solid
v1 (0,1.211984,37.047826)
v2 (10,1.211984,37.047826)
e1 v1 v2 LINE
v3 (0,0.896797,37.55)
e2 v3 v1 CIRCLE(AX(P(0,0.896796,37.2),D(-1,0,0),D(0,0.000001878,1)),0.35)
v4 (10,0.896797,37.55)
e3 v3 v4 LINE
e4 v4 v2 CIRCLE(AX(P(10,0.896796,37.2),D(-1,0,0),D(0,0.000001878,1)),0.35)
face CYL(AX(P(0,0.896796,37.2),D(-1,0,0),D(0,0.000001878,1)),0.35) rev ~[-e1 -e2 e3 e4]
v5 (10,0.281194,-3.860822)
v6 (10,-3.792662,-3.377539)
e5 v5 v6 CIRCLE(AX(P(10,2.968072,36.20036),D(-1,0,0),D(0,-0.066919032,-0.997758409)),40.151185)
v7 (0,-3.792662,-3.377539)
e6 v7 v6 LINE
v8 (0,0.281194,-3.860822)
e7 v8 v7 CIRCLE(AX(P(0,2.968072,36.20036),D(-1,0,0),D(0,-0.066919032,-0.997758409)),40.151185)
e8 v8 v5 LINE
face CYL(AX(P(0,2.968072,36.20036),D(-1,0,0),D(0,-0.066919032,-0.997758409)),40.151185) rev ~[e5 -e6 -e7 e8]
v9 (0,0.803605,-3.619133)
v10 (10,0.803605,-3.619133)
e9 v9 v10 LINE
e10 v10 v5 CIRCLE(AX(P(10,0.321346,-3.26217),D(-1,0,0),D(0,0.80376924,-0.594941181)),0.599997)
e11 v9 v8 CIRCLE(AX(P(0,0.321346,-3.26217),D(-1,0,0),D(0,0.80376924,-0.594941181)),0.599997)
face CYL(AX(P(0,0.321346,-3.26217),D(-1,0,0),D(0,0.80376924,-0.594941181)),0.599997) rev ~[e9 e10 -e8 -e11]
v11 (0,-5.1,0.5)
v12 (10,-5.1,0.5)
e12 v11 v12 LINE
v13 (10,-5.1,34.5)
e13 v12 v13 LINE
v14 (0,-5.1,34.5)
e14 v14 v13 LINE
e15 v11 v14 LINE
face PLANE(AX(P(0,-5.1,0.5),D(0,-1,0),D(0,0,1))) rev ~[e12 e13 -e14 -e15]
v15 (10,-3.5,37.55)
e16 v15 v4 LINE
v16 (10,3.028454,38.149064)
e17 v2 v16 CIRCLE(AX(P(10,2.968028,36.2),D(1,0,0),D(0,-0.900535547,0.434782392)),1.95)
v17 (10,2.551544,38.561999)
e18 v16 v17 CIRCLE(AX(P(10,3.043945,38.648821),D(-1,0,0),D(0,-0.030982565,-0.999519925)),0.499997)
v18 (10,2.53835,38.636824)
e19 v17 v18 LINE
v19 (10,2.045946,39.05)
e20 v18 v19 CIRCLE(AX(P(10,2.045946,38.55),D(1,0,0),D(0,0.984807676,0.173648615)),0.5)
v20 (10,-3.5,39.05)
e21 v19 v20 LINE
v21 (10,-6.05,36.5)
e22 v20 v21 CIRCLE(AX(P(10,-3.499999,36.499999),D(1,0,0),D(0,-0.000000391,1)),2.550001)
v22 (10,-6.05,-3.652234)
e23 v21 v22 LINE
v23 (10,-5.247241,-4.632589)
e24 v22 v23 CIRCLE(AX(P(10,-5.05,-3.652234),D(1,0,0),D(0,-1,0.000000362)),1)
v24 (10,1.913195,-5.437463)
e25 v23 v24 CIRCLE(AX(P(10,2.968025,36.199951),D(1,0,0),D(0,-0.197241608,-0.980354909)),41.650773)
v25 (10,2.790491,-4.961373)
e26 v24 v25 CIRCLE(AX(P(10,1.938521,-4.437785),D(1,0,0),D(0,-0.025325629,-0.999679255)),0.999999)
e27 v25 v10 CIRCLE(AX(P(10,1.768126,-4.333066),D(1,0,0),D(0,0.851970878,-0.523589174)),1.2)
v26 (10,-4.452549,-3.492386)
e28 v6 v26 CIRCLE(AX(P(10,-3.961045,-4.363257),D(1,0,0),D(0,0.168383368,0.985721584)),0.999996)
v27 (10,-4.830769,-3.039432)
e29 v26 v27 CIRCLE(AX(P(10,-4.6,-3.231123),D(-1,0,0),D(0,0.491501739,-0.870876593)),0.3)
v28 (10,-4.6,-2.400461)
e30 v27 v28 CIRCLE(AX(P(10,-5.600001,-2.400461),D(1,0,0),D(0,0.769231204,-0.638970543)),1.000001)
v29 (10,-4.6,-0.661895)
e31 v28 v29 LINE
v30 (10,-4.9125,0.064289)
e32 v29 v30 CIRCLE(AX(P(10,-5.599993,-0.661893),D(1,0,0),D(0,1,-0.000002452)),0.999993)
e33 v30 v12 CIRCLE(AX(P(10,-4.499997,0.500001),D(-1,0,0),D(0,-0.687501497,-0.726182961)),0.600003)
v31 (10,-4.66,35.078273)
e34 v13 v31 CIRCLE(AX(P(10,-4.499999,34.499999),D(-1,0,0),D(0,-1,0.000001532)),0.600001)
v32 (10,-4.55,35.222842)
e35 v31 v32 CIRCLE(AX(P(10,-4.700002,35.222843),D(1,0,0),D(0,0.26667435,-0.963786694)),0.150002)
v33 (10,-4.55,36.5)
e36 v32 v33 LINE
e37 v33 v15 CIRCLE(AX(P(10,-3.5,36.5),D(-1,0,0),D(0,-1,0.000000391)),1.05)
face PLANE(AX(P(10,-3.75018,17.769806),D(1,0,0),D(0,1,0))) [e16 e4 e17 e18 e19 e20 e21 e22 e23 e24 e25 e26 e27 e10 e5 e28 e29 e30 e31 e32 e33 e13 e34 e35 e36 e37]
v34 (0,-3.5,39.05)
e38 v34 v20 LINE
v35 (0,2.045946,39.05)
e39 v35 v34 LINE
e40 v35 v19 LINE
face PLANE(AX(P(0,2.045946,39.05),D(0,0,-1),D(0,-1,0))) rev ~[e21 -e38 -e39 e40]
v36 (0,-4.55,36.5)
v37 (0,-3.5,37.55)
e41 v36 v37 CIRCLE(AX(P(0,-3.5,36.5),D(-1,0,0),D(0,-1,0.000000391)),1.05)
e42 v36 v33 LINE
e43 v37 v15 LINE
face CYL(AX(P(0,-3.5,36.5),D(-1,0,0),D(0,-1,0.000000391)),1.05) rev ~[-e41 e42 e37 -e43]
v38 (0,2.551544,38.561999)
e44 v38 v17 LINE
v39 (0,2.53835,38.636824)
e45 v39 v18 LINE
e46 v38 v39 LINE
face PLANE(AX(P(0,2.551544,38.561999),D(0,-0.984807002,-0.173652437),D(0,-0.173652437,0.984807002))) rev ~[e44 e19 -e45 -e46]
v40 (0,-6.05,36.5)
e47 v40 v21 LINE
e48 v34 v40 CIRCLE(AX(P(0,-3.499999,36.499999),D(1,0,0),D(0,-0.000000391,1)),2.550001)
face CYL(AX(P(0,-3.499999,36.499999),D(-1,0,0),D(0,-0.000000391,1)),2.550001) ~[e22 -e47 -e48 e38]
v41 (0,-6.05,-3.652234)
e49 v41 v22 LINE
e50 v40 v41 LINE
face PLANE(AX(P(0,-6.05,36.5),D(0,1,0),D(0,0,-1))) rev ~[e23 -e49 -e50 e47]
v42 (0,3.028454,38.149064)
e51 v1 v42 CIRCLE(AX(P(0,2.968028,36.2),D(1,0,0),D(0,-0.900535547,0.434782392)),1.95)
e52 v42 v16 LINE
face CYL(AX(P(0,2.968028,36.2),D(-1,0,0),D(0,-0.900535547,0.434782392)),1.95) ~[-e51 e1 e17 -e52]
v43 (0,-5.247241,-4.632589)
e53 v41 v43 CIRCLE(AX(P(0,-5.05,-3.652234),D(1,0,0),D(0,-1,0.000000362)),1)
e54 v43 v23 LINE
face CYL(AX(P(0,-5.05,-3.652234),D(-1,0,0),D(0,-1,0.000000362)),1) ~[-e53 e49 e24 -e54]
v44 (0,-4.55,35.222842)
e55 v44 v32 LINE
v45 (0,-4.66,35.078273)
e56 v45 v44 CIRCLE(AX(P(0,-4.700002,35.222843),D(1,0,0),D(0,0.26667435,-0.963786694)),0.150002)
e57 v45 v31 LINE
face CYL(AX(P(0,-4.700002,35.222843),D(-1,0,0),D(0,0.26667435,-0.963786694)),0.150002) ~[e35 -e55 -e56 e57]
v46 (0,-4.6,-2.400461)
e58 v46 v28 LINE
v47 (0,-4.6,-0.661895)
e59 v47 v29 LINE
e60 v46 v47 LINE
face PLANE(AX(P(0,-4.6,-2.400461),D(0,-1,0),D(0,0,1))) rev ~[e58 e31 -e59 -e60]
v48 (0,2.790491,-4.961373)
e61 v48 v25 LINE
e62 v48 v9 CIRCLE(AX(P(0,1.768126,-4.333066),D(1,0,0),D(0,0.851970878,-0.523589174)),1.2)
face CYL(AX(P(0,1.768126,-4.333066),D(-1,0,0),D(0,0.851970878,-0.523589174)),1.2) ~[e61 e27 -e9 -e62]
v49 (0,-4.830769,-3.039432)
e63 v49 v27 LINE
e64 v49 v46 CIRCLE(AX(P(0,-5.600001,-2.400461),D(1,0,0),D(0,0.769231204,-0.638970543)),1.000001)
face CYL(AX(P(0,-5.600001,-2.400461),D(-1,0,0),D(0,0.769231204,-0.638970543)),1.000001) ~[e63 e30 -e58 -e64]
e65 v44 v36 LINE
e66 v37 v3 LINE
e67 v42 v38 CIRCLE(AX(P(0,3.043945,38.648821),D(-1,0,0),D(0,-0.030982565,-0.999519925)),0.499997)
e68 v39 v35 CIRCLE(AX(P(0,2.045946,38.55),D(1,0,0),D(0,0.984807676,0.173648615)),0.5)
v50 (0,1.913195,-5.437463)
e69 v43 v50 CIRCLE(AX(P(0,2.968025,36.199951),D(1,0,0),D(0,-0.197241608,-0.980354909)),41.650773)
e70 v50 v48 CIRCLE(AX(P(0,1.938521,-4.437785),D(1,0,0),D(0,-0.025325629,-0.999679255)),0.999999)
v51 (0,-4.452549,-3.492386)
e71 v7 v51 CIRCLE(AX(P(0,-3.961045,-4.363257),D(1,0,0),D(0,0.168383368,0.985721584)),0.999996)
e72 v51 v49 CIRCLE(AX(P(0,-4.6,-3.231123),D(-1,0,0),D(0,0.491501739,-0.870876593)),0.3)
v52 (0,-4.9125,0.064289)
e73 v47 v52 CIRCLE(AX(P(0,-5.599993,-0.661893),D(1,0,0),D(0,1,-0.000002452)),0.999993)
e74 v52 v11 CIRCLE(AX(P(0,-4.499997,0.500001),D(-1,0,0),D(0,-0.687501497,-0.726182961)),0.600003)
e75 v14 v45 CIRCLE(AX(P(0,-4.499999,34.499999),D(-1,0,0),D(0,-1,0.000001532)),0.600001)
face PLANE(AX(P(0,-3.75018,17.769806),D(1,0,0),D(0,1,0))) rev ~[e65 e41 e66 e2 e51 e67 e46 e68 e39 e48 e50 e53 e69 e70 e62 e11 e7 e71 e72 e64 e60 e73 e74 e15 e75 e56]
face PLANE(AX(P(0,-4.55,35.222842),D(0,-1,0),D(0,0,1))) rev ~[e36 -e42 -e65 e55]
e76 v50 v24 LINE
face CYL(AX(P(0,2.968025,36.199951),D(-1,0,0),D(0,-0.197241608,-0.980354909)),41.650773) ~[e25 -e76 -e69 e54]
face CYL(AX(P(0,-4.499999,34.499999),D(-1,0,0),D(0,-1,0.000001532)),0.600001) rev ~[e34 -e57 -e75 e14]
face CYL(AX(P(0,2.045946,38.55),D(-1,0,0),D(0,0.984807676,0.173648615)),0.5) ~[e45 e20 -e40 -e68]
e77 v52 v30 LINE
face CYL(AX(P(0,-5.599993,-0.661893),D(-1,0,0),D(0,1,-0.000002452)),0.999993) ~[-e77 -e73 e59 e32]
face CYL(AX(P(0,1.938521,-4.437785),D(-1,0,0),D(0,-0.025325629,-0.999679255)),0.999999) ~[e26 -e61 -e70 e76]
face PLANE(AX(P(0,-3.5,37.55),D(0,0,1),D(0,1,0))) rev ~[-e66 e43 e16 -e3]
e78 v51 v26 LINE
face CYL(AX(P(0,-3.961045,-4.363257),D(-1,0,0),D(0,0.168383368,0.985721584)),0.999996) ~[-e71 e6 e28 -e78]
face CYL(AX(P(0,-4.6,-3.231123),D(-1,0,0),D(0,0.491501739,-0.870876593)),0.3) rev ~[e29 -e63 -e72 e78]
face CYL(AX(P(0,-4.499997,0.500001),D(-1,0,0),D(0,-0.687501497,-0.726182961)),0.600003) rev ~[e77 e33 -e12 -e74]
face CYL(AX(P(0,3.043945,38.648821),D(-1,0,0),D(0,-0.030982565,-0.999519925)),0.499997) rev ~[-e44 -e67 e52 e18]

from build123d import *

# Parameters (mm, degrees)
F4_DEPTH = 10


with BuildPart() as f4:
    # F3 (on Right) → F4 (new body)
    with BuildSketch(Plane.YZ):
        with BuildLine():
            ThreePointArc((0.896797, 37.55), (1.193243, 37.386063), (1.211984, 37.047826))
            ThreePointArc((1.211984, 37.047826), (3.978949, 34.532505), (3.028454, 38.149064))
            ThreePointArc((3.028454, 38.149064), (2.716657, 38.270827), (2.551544, 38.561999))
            Line((2.551544, 38.561999), (2.53835, 38.636824))
            ThreePointArc((2.53835, 38.636824), (2.36734, 38.933022), (2.045946, 39.05))
            Line((2.045946, 39.05), (-3.5, 39.05))
            ThreePointArc((-3.5, 39.05), (-5.303122, 38.303122), (-6.05, 36.5))
            Line((-6.05, 36.5), (-6.05, -3.652234))
            ThreePointArc((-6.05, -3.652234), (-5.823706, -4.285779), (-5.247241, -4.632589))
            ThreePointArc((-5.247241, -4.632589), (-1.684461, -5.19016), (1.913195, -5.437463))
            ThreePointArc((1.913195, -5.437463), (2.415491, -5.316703), (2.790491, -4.961373))
            ThreePointArc((2.790491, -4.961373), (2.439869, -3.338701), (0.803605, -3.619133))
            ThreePointArc((0.803605, -3.619133), (0.573275, -3.806714), (0.281194, -3.860822))
            ThreePointArc((0.281194, -3.860822), (-1.76191, -3.671245), (-3.792662, -3.377539))
            ThreePointArc((-3.792662, -3.377539), (-4.132507, -3.37807), (-4.452549, -3.492386))
            ThreePointArc((-4.452549, -3.492386), (-4.830276, -3.423406), (-4.830769, -3.039432))
            ThreePointArc((-4.830769, -3.039432), (-4.65946, -2.740144), (-4.6, -2.400461))
            Line((-4.6, -2.400461), (-4.6, -0.661895))
            ThreePointArc((-4.6, -0.661895), (-4.681441, -0.26661), (-4.9125, 0.064289))
            ThreePointArc((-4.9125, 0.064289), (-5.051135, 0.262829), (-5.1, 0.5))
            Line((-5.1, 0.5), (-5.1, 34.5))
            ThreePointArc((-5.1, 34.5), (-4.977493, 34.863318), (-4.66, 35.078273))
            ThreePointArc((-4.66, 35.078273), (-4.580627, 35.132012), (-4.55, 35.222842))
            Line((-4.55, 35.222842), (-4.55, 36.5))
            ThreePointArc((-4.55, 36.5), (-4.242462, 37.242462), (-3.5, 37.55))
            Line((-3.5, 37.55), (0.896797, 37.55))
        make_face()
    extrude(amount=F4_DEPTH)


solid = f4.part
